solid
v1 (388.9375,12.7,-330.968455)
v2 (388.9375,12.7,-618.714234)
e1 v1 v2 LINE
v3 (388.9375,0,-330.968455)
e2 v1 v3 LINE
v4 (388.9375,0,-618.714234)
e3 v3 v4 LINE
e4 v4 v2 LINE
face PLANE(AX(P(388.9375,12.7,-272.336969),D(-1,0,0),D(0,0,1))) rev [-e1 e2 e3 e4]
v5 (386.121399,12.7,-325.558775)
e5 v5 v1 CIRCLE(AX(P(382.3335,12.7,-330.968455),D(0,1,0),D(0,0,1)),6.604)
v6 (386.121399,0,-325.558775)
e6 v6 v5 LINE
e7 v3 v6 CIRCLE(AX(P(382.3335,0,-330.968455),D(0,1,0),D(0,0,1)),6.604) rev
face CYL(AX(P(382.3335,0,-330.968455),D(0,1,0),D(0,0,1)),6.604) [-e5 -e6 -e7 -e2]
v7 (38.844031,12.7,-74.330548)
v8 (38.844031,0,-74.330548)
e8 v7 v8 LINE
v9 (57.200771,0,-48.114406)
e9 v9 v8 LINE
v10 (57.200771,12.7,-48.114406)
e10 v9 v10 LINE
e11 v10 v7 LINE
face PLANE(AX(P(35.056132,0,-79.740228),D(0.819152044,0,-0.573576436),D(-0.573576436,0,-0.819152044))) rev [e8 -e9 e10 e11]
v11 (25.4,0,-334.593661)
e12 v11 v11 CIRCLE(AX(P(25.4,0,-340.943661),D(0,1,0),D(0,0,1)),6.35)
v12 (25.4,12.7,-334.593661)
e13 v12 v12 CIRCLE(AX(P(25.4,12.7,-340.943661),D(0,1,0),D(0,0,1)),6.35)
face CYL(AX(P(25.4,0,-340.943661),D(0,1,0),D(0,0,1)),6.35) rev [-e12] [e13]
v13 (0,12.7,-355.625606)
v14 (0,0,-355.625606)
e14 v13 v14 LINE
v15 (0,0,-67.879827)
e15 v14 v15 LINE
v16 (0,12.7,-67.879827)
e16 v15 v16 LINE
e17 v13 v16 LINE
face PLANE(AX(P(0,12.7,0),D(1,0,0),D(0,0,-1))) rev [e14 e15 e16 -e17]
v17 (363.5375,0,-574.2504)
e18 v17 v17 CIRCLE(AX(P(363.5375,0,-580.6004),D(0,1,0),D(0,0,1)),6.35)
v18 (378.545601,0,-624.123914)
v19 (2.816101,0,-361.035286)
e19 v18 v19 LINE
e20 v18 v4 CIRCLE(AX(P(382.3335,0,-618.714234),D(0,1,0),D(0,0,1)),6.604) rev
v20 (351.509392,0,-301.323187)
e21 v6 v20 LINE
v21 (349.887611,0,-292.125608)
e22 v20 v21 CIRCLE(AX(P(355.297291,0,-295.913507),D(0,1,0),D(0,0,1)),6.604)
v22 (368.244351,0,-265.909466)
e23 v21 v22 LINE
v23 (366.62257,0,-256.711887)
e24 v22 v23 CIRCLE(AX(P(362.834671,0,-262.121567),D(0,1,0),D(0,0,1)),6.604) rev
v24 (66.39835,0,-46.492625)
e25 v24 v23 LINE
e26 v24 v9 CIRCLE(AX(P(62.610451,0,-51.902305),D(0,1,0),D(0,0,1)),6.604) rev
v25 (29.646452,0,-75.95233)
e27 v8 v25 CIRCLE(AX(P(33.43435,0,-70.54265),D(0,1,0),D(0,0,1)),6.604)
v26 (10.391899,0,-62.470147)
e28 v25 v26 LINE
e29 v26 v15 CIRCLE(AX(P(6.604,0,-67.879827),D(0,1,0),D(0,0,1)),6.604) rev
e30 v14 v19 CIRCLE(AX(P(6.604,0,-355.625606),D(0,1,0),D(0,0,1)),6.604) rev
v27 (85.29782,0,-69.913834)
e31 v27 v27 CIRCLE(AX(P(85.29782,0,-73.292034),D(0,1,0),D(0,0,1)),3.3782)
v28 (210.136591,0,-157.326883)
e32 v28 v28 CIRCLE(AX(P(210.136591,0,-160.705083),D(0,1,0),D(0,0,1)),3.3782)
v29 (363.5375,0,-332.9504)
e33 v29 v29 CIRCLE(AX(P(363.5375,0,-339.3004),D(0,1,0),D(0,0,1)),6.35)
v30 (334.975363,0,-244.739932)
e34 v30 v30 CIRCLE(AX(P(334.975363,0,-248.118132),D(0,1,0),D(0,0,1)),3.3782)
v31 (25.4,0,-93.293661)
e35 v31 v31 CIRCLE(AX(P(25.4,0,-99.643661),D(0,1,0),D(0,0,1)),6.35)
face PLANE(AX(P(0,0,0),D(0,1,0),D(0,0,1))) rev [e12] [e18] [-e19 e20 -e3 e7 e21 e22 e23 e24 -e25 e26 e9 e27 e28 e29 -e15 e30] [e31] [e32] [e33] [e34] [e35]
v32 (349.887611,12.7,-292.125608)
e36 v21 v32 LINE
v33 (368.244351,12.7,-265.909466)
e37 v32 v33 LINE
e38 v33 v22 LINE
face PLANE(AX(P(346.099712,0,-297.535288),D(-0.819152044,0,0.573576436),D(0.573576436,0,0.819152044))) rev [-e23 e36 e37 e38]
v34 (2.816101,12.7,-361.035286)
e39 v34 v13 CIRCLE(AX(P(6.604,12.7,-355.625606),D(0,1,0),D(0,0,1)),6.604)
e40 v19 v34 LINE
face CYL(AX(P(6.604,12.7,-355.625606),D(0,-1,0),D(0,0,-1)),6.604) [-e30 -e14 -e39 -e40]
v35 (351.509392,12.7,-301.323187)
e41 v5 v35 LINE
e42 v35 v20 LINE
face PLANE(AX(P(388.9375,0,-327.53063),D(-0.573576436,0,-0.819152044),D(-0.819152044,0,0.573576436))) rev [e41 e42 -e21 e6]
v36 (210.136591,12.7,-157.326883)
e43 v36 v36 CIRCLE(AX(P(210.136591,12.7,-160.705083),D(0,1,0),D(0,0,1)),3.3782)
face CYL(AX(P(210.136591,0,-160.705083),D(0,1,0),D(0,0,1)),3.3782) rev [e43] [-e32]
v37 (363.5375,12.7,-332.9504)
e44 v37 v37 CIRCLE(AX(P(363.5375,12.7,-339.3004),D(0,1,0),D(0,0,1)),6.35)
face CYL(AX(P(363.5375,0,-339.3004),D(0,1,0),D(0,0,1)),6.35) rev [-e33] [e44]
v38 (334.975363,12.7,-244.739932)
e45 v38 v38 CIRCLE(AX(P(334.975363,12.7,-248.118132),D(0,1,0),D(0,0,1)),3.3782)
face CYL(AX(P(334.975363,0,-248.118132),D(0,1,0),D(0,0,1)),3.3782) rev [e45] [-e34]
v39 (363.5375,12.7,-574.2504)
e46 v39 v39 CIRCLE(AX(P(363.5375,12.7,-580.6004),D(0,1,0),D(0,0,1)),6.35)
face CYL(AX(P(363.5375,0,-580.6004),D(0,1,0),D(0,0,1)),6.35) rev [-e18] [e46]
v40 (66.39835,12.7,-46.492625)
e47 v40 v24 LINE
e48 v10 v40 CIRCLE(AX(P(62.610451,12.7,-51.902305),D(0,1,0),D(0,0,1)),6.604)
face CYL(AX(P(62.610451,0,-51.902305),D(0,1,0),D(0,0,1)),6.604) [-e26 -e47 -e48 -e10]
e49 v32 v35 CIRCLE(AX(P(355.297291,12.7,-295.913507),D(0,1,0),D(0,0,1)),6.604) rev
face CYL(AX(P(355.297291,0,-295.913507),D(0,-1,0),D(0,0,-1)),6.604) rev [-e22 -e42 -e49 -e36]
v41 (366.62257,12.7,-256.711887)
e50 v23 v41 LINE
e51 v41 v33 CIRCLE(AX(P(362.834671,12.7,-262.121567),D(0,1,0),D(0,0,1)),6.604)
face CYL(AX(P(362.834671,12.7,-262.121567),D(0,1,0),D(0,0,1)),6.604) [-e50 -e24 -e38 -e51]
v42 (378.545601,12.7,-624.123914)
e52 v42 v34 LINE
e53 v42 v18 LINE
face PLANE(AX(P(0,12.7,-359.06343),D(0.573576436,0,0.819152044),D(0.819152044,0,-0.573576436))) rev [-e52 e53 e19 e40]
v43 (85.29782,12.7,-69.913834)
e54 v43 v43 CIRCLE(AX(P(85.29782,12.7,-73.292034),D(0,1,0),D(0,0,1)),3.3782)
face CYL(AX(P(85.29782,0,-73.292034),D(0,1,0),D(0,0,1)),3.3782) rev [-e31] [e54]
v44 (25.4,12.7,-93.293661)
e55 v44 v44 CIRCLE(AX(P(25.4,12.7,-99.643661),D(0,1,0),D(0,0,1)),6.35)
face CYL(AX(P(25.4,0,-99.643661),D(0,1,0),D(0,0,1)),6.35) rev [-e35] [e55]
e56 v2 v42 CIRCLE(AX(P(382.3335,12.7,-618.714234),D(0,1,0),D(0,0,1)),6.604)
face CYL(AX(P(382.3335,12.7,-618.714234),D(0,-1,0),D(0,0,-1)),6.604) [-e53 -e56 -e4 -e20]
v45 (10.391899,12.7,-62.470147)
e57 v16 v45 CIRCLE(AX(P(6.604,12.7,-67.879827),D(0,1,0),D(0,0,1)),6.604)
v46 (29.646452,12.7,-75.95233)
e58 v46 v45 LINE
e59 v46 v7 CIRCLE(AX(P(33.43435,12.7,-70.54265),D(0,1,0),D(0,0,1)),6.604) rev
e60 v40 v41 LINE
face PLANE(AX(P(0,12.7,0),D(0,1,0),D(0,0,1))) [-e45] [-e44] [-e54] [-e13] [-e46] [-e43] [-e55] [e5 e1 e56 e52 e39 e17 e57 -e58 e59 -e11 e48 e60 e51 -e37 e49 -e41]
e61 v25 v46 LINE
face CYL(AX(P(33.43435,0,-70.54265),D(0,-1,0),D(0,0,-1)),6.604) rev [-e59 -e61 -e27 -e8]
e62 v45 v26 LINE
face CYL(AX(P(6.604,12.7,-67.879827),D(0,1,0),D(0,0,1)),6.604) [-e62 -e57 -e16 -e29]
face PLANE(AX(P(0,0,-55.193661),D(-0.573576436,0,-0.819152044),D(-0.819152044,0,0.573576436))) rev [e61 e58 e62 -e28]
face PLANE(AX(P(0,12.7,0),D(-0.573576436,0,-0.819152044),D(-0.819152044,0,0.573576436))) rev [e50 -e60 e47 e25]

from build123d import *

# Parameters (mm, degrees)
BOSS_EXTRUDE1_DEPTH = 12.7
CUT_EXTRUDE1_DEPTH  = 742.687355867
SKETCH3_R           = 3.3782
SKETCH3_R_2         = 6.35
CUT_EXTRUDE2_DEPTH  = 742.687355867
FILLET1_R           = 6.604


with BuildPart() as part:
    # Sketch1 → Boss-Extrude1 (new body)
    with BuildSketch(Plane(origin=(0, 0, 0), x_dir=(1, 0, 0), z_dir=(0, 1, 0))):
        Polygon((0, 0), (0, 359.06343047), (388.9375, 631.400399863), (388.9375, 272.336969392), align=None)
    extrude(amount=BOSS_EXTRUDE1_DEPTH)

    # Sketch2 → Cut-Extrude1 (cut, through all)
    with BuildSketch(Plane(origin=(0, 12.7, 0), x_dir=(1, 0, 0), z_dir=(0, 1, 0))):
        Polygon((35.056131737, 79.74022841), (60.988669577, 42.704726183), (0, 0), (0, 55.193660707), align=None)
        Polygon((388.9375, 327.5306301), (346.099711846, 297.535287914), (372.032249686, 260.499785687), (388.9375, 272.336969392), align=None)
    extrude(amount=-CUT_EXTRUDE1_DEPTH, mode=Mode.SUBTRACT)

    # Sketch3 → Cut-Extrude2 (cut, through all)
    with BuildSketch(Plane(origin=(0, 12.7, 0), x_dir=(1, 0, 0), z_dir=(0, 1, 0))):
        with Locations(Location((210.136591483, 160.705083027, 0), (0, 0, 270))):
            Circle(SKETCH3_R)
        with Locations(Location((334.975363032, 248.118131927, 0), (0, 0, 270))):
            Circle(SKETCH3_R)
        with Locations(Location((85.297819933, 73.292034127, 0), (0, 0, 270))):
            Circle(SKETCH3_R)
        with Locations(Location((25.4, 99.643660707, 0), (0, 0, 270))):
            Circle(SKETCH3_R_2)
        with Locations(Location((25.4, 340.943660707, 0), (0, 0, 270))):
            Circle(SKETCH3_R_2)
        with Locations(Location((363.5375, 339.300399863, 0), (0, 0, 270))):
            Circle(SKETCH3_R_2)
        with Locations(Location((363.5375, 580.600399863, 0), (0, 0, 270))):
            Circle(SKETCH3_R_2)
    extrude(amount=-CUT_EXTRUDE2_DEPTH, mode=Mode.SUBTRACT)

    # Fillet1
    fillet1_edges = [part.edges().sort_by_distance(p)[0] for p in [
        (0, 6.35, -55.193660707),
        (35.056131737, 6.35, -79.74022841),
        (60.988669577, 6.35, -42.704726183),
        (388.9375, 6.35, -327.5306301),
        (372.032249686, 6.35, -260.499785687),
        (346.099711846, 6.35, -297.535287914),
        (0, 6.35, -359.06343047),
        (388.9375, 6.35, -631.400399863),
    ]]
    fillet(fillet1_edges, radius=FILLET1_R)


solid = part.part
